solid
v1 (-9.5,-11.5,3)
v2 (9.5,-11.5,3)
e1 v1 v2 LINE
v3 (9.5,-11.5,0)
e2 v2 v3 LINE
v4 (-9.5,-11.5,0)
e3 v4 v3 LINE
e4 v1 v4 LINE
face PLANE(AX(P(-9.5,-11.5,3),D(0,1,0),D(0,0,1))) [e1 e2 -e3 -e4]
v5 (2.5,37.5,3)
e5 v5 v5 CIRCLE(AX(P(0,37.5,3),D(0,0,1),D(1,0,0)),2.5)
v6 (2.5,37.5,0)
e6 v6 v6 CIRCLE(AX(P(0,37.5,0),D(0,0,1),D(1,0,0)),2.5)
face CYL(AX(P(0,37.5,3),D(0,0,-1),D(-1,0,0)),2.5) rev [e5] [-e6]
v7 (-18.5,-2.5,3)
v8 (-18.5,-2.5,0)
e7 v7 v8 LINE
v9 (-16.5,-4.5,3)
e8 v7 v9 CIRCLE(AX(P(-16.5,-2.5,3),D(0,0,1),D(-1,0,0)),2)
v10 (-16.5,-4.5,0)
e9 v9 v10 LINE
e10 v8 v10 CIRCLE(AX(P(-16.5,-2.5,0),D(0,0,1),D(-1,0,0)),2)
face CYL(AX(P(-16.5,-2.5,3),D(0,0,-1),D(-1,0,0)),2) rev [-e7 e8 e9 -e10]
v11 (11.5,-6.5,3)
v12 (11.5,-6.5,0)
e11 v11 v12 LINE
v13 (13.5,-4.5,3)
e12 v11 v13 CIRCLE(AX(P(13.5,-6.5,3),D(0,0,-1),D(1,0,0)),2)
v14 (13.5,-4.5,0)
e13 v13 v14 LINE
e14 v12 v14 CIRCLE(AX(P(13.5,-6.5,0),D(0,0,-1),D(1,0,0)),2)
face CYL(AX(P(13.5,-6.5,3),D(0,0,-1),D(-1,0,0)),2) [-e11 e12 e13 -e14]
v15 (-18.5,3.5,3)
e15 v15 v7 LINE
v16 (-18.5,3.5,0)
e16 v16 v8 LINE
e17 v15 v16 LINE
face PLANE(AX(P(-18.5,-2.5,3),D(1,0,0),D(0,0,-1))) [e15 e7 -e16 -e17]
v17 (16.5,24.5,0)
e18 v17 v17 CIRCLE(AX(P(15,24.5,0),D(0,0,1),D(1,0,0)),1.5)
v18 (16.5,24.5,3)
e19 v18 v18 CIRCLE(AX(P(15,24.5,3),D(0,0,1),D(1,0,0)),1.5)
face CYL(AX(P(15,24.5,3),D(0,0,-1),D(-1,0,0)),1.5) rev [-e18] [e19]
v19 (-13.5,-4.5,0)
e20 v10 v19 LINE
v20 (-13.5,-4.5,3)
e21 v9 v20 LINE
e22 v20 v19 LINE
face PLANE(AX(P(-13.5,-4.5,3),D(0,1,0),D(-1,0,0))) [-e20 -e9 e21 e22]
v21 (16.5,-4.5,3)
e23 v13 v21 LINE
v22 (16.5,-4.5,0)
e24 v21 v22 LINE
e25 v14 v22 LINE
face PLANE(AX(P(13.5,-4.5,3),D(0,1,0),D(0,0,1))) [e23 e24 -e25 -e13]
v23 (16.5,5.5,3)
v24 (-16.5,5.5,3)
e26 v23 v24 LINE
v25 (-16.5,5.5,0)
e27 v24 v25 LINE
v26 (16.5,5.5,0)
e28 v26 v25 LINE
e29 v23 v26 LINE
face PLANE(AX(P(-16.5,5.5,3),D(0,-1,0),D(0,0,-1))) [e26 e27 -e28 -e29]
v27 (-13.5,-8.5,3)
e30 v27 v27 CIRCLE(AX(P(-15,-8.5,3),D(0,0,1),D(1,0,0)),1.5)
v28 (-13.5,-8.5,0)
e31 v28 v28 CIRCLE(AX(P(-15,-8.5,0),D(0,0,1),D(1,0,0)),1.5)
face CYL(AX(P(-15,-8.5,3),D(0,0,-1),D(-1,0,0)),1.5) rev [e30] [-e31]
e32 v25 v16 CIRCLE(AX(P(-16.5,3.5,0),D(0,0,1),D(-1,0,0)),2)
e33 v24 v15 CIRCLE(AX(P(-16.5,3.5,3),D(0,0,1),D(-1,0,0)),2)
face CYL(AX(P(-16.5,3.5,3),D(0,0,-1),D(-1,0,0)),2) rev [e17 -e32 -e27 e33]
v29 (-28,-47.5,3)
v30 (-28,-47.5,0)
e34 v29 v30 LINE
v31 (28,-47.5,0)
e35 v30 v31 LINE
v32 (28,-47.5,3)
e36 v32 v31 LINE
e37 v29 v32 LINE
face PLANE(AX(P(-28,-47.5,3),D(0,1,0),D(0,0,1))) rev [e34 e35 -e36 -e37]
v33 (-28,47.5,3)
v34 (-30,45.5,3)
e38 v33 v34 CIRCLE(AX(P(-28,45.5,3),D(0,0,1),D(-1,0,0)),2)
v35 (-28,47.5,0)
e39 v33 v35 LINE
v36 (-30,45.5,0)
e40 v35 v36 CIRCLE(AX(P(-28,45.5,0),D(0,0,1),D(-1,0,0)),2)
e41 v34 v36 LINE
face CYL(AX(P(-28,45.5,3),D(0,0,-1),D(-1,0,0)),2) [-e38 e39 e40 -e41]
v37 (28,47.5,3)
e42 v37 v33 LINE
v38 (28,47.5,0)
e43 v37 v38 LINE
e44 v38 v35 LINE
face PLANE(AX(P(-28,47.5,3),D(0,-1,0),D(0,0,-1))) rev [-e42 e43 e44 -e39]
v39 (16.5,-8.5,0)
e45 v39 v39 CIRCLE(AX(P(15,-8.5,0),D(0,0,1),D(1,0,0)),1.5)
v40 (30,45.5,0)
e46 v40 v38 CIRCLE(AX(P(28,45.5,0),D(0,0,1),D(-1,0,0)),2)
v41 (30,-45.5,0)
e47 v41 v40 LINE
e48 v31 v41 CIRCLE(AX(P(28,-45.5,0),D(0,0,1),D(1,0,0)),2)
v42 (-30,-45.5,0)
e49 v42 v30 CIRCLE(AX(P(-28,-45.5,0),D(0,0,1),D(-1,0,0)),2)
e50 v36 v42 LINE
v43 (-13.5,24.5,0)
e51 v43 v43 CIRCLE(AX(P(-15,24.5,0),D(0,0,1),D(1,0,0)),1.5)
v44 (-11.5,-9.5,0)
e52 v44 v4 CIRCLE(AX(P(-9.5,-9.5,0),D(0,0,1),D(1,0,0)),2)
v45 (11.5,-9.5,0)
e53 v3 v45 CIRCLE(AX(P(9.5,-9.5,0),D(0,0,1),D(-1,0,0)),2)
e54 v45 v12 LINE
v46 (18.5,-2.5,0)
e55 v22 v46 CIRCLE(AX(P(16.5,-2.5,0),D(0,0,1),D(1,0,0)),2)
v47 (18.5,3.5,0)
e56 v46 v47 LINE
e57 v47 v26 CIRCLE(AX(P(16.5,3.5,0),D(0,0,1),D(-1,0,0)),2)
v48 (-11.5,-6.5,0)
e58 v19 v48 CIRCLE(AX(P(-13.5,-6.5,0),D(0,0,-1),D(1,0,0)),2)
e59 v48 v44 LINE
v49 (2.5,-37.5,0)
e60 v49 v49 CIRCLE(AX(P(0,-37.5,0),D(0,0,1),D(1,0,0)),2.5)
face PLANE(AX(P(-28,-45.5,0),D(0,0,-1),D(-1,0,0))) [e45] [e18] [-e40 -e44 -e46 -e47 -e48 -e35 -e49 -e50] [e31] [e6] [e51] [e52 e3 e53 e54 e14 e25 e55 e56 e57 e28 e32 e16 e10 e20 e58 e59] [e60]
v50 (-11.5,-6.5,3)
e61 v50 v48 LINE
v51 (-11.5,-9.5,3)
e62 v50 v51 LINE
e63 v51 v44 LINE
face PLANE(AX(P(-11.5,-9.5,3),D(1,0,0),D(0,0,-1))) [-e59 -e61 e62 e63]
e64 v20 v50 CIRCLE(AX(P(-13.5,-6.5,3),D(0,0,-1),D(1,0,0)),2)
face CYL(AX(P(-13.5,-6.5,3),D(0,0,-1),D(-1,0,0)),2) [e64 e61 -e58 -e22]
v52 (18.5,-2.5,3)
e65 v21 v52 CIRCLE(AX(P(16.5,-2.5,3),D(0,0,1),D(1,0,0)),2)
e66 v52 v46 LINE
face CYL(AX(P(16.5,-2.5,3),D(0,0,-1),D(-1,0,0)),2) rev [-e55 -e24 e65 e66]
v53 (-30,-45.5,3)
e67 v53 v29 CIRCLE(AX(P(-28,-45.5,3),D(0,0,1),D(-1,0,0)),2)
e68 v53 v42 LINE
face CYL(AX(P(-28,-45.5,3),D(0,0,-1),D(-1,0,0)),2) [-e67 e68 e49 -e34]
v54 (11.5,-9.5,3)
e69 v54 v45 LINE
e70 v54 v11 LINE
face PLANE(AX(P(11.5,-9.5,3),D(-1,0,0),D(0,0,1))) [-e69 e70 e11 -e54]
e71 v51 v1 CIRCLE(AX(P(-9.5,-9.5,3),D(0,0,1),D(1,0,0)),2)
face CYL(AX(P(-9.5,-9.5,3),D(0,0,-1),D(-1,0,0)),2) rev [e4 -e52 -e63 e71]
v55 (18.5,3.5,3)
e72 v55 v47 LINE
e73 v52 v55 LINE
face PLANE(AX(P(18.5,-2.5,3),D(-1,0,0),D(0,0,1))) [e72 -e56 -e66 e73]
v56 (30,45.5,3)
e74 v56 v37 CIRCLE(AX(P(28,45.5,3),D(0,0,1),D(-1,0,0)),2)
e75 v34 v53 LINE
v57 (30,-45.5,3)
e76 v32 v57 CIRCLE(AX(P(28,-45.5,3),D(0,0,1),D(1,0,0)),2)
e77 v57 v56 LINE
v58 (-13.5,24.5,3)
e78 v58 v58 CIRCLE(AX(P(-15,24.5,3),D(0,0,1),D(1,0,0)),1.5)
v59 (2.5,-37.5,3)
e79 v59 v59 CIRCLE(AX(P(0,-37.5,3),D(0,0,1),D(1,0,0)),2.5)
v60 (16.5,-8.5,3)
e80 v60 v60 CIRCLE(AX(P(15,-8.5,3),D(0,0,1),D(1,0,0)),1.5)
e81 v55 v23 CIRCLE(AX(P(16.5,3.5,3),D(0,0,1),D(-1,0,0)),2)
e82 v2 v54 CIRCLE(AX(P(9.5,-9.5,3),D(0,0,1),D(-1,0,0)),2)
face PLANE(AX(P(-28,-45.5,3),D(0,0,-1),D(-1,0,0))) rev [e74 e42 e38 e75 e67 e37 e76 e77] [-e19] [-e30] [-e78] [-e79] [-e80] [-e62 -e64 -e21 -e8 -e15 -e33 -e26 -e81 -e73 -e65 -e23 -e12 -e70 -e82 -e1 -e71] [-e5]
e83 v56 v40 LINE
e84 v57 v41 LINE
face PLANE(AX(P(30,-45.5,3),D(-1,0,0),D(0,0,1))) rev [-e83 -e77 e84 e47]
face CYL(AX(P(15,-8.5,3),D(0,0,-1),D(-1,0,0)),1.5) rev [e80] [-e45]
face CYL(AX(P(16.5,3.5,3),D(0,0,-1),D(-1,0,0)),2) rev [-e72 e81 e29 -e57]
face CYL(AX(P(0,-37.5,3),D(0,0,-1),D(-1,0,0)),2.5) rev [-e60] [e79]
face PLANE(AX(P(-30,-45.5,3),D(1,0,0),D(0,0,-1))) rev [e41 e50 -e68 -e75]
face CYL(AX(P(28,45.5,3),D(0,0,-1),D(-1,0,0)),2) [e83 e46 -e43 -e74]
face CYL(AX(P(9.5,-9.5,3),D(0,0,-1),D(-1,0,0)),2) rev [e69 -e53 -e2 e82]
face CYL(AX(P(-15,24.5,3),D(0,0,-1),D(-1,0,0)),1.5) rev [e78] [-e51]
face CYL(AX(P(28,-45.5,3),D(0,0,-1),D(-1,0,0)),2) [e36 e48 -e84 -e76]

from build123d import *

# Parameters (mm, degrees)
SKETCH1_R           = 2.5
SKETCH1_R_2         = 1.5
BOSS_EXTRUDE1_DEPTH = 3


with BuildPart() as part:
    # Sketch1 → Boss-Extrude1 (new body)
    with BuildSketch(Plane.XY):
        with BuildLine():
            Line((-28, -47.5), (28, -47.5))
            ThreePointArc((28, -47.5), (29.414213562, -46.914213562), (30, -45.5))
            Line((30, -45.5), (30, 45.5))
            ThreePointArc((30, 45.5), (29.414213562, 46.914213562), (28, 47.5))
            Line((28, 47.5), (-28, 47.5))
            ThreePointArc((-28, 47.5), (-29.414213562, 46.914213562), (-30, 45.5))
            Line((-30, 45.5), (-30, -45.5))
            ThreePointArc((-30, -45.5), (-29.414213562, -46.914213562), (-28, -47.5))
        make_face()
        with Locations((0, 37.5)):
            Circle(SKETCH1_R, mode=Mode.SUBTRACT)
        with Locations((0, -37.5)):
            Circle(SKETCH1_R, mode=Mode.SUBTRACT)
        with Locations((-15, 24.5)):
            Circle(SKETCH1_R_2, mode=Mode.SUBTRACT)
        with Locations((15, 24.5)):
            Circle(SKETCH1_R_2, mode=Mode.SUBTRACT)
        with Locations((-15, -8.5)):
            Circle(SKETCH1_R_2, mode=Mode.SUBTRACT)
        with Locations((15, -8.5)):
            Circle(SKETCH1_R_2, mode=Mode.SUBTRACT)
        with BuildLine():
            Line((-11.5, -9.5), (-11.5, -6.5))
            ThreePointArc((-11.5, -6.5), (-12.085786438, -5.085786438), (-13.5, -4.5))
            Line((-13.5, -4.5), (-16.5, -4.5))
            ThreePointArc((-16.5, -4.5), (-17.914213562, -3.914213562), (-18.5, -2.5))
            Line((-18.5, -2.5), (-18.5, 3.5))
            ThreePointArc((-18.5, 3.5), (-17.914213562, 4.914213562), (-16.5, 5.5))
            Line((-16.5, 5.5), (16.5, 5.5))
            ThreePointArc((16.5, 5.5), (17.914213562, 4.914213562), (18.5, 3.5))
            Line((18.5, 3.5), (18.5, -2.5))
            ThreePointArc((18.5, -2.5), (17.914213562, -3.914213562), (16.5, -4.5))
            Line((16.5, -4.5), (13.5, -4.5))
            ThreePointArc((13.5, -4.5), (12.085786438, -5.085786438), (11.5, -6.5))
            Line((11.5, -6.5), (11.5, -9.5))
            ThreePointArc((11.5, -9.5), (10.914213562, -10.914213562), (9.5, -11.5))
            Line((9.5, -11.5), (-9.5, -11.5))
            ThreePointArc((-9.5, -11.5), (-10.914213562, -10.914213562), (-11.5, -9.5))
        make_face(mode=Mode.SUBTRACT)
    extrude(amount=BOSS_EXTRUDE1_DEPTH)


solid = part.part
